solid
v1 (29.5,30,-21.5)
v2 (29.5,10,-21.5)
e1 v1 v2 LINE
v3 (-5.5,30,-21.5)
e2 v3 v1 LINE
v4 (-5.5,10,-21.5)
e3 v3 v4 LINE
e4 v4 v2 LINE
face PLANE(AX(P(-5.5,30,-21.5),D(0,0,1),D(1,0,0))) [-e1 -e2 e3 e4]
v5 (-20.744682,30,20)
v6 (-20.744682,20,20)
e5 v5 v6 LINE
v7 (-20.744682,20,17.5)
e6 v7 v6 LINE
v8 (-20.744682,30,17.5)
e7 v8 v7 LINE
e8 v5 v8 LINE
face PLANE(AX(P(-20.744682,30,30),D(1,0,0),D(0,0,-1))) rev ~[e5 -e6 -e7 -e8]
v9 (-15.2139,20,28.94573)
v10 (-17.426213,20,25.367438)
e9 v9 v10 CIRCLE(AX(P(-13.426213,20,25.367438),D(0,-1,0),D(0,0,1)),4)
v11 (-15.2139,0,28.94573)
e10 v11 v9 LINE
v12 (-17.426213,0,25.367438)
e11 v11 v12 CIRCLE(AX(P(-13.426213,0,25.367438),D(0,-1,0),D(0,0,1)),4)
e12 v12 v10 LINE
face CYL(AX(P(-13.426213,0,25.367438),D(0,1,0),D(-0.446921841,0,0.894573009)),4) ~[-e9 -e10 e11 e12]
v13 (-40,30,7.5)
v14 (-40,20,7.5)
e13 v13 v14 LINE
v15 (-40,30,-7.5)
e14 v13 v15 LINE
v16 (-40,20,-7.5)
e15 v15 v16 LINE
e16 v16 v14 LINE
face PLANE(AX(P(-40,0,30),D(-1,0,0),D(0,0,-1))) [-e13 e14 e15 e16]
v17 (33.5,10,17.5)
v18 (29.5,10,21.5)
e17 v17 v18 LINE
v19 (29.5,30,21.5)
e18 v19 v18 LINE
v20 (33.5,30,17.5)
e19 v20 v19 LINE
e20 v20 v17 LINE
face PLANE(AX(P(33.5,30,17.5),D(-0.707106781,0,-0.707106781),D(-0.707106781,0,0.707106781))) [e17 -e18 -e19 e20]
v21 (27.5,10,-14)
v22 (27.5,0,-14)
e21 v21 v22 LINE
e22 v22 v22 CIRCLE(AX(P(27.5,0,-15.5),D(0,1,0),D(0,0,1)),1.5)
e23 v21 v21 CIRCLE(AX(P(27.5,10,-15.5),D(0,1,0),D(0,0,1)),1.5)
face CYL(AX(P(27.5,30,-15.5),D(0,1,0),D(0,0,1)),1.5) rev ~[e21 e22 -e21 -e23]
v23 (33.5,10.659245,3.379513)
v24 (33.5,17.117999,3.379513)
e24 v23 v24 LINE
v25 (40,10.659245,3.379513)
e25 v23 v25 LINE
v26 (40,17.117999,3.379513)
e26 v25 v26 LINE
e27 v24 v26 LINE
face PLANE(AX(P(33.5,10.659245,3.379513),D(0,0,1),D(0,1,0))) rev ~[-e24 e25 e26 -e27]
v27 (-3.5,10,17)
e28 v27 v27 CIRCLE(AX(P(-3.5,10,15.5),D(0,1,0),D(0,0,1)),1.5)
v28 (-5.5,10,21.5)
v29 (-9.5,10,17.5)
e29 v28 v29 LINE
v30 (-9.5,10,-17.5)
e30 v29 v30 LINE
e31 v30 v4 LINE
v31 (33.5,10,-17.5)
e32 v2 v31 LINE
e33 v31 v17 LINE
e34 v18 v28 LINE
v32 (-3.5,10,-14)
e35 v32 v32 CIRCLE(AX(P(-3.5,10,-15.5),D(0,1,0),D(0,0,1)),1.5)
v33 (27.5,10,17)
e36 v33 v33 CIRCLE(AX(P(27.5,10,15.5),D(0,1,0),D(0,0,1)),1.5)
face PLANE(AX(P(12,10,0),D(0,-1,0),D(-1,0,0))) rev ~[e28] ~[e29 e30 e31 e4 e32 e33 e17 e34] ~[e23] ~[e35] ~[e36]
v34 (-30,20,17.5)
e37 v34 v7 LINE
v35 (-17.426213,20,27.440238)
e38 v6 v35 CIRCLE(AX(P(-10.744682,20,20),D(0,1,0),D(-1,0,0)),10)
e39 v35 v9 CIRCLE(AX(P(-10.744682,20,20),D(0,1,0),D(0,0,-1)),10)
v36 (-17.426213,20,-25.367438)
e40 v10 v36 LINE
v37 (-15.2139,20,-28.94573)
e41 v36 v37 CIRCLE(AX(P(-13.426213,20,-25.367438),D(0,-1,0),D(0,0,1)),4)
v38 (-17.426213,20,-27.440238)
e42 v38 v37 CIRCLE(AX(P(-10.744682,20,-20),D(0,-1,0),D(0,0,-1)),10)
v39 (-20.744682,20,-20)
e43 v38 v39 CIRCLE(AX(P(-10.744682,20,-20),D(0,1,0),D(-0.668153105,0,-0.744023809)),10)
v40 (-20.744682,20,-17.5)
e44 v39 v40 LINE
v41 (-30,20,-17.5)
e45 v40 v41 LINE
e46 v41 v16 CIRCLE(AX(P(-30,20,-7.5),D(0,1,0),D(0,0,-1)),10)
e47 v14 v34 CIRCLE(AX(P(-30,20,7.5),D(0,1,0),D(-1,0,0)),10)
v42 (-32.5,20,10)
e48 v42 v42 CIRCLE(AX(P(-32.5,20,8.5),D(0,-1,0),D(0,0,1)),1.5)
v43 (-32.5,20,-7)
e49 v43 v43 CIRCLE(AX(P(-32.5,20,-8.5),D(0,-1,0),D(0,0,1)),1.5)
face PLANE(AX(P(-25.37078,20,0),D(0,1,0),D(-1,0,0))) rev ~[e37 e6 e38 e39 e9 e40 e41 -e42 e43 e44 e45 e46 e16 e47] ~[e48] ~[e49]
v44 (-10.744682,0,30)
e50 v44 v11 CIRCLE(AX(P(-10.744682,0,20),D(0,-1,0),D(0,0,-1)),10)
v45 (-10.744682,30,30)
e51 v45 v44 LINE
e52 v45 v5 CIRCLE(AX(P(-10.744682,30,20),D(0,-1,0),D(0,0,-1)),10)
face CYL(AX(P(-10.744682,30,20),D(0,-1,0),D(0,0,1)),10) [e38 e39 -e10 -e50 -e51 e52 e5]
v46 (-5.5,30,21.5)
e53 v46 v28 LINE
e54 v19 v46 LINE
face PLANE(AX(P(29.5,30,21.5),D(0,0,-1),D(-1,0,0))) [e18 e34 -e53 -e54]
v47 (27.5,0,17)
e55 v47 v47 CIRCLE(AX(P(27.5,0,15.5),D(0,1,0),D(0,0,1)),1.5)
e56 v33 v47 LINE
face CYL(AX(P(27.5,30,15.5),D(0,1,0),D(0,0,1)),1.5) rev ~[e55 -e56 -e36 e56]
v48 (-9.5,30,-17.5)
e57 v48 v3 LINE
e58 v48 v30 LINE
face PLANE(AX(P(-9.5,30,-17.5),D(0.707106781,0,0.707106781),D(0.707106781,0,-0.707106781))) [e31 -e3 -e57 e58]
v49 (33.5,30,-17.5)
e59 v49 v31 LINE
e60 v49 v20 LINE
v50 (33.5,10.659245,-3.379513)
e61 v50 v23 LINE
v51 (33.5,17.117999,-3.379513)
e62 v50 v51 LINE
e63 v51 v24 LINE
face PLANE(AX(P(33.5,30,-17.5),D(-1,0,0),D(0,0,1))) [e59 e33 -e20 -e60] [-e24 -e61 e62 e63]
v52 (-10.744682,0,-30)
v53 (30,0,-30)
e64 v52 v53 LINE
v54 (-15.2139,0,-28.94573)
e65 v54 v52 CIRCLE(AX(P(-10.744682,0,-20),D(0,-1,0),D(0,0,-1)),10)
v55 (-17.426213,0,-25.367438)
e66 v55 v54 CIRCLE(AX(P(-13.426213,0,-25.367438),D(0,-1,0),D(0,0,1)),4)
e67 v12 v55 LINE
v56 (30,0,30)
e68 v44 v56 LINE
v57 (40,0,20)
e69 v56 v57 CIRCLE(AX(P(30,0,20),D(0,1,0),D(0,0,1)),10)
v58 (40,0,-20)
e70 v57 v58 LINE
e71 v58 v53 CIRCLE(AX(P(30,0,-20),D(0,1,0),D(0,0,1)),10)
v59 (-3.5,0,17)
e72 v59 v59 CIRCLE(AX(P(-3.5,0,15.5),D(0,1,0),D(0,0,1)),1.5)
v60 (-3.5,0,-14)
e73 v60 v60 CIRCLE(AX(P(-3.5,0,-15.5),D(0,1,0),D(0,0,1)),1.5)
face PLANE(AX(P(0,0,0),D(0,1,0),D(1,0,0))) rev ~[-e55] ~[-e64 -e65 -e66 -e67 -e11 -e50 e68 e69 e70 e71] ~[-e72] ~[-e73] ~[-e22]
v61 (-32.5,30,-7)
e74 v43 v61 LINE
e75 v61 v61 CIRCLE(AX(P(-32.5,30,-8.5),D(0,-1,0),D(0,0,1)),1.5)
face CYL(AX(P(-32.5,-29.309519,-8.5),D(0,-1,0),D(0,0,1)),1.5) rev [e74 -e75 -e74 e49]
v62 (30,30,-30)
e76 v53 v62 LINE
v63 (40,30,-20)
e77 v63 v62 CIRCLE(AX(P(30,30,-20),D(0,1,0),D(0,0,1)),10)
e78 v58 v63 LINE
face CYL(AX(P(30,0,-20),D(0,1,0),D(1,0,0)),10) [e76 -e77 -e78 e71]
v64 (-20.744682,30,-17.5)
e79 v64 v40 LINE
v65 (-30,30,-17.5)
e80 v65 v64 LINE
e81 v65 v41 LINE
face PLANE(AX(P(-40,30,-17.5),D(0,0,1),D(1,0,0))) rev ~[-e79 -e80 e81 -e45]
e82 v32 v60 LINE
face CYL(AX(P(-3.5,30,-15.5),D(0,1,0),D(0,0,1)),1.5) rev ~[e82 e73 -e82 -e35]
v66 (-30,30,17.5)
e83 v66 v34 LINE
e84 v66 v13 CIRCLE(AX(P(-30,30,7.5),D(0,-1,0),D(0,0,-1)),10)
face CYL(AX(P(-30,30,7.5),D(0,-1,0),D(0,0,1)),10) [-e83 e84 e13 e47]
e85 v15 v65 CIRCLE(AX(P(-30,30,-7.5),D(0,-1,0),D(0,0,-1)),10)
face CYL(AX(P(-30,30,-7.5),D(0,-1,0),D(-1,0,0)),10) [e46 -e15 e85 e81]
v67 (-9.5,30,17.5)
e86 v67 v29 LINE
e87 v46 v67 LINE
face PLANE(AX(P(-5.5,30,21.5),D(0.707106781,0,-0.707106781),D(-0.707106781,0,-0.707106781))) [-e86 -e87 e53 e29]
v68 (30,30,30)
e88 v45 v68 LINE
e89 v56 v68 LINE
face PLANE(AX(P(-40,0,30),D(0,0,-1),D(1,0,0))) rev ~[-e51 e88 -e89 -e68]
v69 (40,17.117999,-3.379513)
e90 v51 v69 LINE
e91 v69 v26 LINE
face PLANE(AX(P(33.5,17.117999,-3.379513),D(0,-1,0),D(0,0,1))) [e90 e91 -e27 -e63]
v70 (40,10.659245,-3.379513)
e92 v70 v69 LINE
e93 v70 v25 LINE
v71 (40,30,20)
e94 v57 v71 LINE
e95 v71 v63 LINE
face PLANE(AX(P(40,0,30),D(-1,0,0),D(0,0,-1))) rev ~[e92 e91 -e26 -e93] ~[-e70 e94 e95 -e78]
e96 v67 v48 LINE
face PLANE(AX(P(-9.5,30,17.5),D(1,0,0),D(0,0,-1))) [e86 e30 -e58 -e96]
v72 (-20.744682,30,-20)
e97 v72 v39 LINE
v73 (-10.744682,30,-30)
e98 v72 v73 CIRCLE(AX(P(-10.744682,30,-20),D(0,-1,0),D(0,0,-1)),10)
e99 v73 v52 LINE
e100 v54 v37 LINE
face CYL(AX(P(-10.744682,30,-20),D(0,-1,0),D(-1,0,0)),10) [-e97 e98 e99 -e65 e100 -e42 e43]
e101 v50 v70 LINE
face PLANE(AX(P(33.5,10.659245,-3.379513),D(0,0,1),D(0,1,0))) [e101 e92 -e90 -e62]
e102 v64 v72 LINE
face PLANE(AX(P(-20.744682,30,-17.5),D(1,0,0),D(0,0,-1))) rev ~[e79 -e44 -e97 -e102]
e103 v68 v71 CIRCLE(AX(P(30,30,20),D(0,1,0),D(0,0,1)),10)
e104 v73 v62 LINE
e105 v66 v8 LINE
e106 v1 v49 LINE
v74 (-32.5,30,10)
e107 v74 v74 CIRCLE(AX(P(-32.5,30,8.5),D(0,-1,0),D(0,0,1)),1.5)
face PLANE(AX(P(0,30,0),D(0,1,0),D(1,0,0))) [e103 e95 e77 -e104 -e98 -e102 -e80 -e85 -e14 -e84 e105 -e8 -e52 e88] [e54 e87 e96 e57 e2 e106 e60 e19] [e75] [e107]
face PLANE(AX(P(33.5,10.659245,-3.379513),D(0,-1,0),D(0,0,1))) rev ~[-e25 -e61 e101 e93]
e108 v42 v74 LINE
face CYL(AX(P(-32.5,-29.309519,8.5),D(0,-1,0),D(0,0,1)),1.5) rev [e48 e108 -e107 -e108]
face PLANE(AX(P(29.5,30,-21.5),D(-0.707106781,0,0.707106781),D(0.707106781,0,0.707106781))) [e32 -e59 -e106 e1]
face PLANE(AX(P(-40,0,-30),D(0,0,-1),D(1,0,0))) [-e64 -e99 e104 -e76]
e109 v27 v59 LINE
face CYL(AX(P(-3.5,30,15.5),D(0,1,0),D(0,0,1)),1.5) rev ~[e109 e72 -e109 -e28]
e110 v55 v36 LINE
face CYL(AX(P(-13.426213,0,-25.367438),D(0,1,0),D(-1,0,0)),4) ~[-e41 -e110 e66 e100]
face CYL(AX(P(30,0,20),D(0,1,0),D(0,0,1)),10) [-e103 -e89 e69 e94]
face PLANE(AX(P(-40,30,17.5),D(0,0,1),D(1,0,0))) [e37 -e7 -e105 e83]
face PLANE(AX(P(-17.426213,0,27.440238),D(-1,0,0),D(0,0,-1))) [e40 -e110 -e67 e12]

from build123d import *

# Parameters (mm, degrees)
SKETCH1_W               = 80
SKETCH1_H               = 60
BOSS_EXTRUDE1_DEPTH     = 30
FILLET1_R               = 10
SKETCH2_R               = 1.5
CUT_EXTRUDE1_DEPTH      = 59.309518948
CUT_EXTRUDE2_DEPTH      = 20
CUT_EXTRUDE3_DEPTH      = 59.309518948
CUT_EXTRUDE3_DEPTH_BACK = 59.309518948
SKETCH4_R               = 1.5
SKETCH7_W               = 19.255318266
SKETCH7_H               = 12.5
CUT_EXTRUDE5_DEPTH      = 59.309518948
FILLET2_R               = 10
CUT_EXTRUDE6_DEPTH      = 20
FILLET4_R               = 4
SKETCH9_W               = 6.759025402
SKETCH9_H               = 6.458754369
CUT_EXTRUDE7_DEPTH      = 85.866070959


with BuildPart() as part:
    # Sketch1 → Boss-Extrude1 (new body)
    with BuildSketch(Plane(origin=(0, 0, 0), x_dir=(1, 0, 0), z_dir=(0, 1, 0))):
        Rectangle(SKETCH1_W, SKETCH1_H)
    extrude(amount=BOSS_EXTRUDE1_DEPTH)

    # Fillet1
    fillet1_edges = [part.edges().sort_by_distance(p)[0] for p in [
        (40, 15, 30),
        (40, 15, -30),
    ]]
    fillet(fillet1_edges, radius=FILLET1_R)

    # Sketch2 → Cut-Extrude1 (cut, through all)
    with BuildSketch(Plane(origin=(0, 30, 0), x_dir=(1, 0, 0), z_dir=(0, 1, 0))):
        with Locations(Location((-3.5, 15.5, 0), (0, 0, 270))):
            Circle(SKETCH2_R)
        with Locations(Location((27.5, 15.5, 0), (0, 0, 270))):
            Circle(SKETCH2_R)
        with Locations(Location((-3.5, -15.5, 0), (0, 0, 270))):
            Circle(SKETCH2_R)
        with Locations(Location((27.5, -15.5, 0), (0, 0, 270))):
            Circle(SKETCH2_R)
    extrude(amount=-CUT_EXTRUDE1_DEPTH, mode=Mode.SUBTRACT)

    # Sketch3 → Cut-Extrude2 (cut)
    with BuildSketch(Plane(origin=(0, 30, 0), x_dir=(1, 0, 0), z_dir=(0, 1, 0))):
        Polygon((-9.5, 17.5), (-5.5, 21.5), (29.5, 21.5), (33.5, 17.5), (33.5, -17.5), (29.5, -21.5), (-5.5, -21.5), (-9.5, -17.5), align=None)
    extrude(amount=-CUT_EXTRUDE2_DEPTH, mode=Mode.SUBTRACT)

    # Sketch4 → Cut-Extrude3 (cut, two sides: drawn at the far end of the back side and taken through both)
    with BuildSketch(Plane(origin=(0, 30, 0), x_dir=(1, 0, 0), z_dir=(0, 1, 0)).offset(-CUT_EXTRUDE3_DEPTH_BACK)):
        with Locations(Location((-32.5, 8.5, 0), (0, 0, 270))):
            Circle(SKETCH4_R)
        with Locations(Location((-32.5, -8.5, 0), (0, 0, 270))):
            Circle(SKETCH4_R)
    extrude(amount=CUT_EXTRUDE3_DEPTH + CUT_EXTRUDE3_DEPTH_BACK, mode=Mode.SUBTRACT)

    # Sketch7 → Cut-Extrude5 (cut, through all)
    with BuildSketch(Plane(origin=(0, 30, 0), x_dir=(1, 0, 0), z_dir=(0, 1, 0))):
        with Locations((-30.372340867, 23.75)):
            Rectangle(SKETCH7_W, SKETCH7_H)
        with Locations((-30.372340867, -23.75)):
            Rectangle(SKETCH7_W, SKETCH7_H)
    extrude(amount=-CUT_EXTRUDE5_DEPTH, mode=Mode.SUBTRACT)

    # Fillet2
    fillet2_edges = [part.edges().sort_by_distance(p)[0] for p in [
        (-20.744681734, 15, 30),
        (-40, 15, 17.5),
        (-20.744681734, 15, -30),
        (-40, 15, -17.5),
    ]]
    fillet(fillet2_edges, radius=FILLET2_R)

    # Sketch8 → Cut-Extrude6 (cut)
    with BuildSketch(Plane.XZ):
        with BuildLine():
            Line((-17.426212782, 27.440238091), (-17.426212782, -27.440238091))
            ThreePointArc((-17.426212782, -27.440238091), (-19.877460897, -24.073370197), (-20.744681734, -20))
            Line((-20.744681734, -20), (-20.744681734, -17.5))
            Line((-20.744681734, -17.5), (-30, -17.5))
            ThreePointArc((-30, -17.5), (-37.071067812, -14.571067812), (-40, -7.5))
            Line((-40, -7.5), (-40, 7.5))
            ThreePointArc((-40, 7.5), (-37.071067812, 14.571067812), (-30, 17.5))
            Line((-30, 17.5), (-20.744681734, 17.5))
            Line((-20.744681734, 17.5), (-20.744681734, 20))
            ThreePointArc((-20.744681734, 20), (-19.877460897, 24.073370197), (-17.426212782, 27.440238091))
        make_face()
    extrude(amount=-CUT_EXTRUDE6_DEPTH, mode=Mode.SUBTRACT)

    # Fillet4
    fillet4_edges = [part.edges().sort_by_distance(p)[0] for p in [
        (-17.426212782, 10, 27.440238091),
        (-17.426212782, 10, -27.440238091),
    ]]
    fillet(fillet4_edges, radius=FILLET4_R)

    # Sketch9 → Cut-Extrude7 (cut, through all)
    with BuildSketch(Plane.ZY.offset(-33.5)):
        with Locations((0, 13.888622085)):
            Rectangle(SKETCH9_W, SKETCH9_H)
    extrude(amount=-CUT_EXTRUDE7_DEPTH, mode=Mode.SUBTRACT)


solid = part.part
